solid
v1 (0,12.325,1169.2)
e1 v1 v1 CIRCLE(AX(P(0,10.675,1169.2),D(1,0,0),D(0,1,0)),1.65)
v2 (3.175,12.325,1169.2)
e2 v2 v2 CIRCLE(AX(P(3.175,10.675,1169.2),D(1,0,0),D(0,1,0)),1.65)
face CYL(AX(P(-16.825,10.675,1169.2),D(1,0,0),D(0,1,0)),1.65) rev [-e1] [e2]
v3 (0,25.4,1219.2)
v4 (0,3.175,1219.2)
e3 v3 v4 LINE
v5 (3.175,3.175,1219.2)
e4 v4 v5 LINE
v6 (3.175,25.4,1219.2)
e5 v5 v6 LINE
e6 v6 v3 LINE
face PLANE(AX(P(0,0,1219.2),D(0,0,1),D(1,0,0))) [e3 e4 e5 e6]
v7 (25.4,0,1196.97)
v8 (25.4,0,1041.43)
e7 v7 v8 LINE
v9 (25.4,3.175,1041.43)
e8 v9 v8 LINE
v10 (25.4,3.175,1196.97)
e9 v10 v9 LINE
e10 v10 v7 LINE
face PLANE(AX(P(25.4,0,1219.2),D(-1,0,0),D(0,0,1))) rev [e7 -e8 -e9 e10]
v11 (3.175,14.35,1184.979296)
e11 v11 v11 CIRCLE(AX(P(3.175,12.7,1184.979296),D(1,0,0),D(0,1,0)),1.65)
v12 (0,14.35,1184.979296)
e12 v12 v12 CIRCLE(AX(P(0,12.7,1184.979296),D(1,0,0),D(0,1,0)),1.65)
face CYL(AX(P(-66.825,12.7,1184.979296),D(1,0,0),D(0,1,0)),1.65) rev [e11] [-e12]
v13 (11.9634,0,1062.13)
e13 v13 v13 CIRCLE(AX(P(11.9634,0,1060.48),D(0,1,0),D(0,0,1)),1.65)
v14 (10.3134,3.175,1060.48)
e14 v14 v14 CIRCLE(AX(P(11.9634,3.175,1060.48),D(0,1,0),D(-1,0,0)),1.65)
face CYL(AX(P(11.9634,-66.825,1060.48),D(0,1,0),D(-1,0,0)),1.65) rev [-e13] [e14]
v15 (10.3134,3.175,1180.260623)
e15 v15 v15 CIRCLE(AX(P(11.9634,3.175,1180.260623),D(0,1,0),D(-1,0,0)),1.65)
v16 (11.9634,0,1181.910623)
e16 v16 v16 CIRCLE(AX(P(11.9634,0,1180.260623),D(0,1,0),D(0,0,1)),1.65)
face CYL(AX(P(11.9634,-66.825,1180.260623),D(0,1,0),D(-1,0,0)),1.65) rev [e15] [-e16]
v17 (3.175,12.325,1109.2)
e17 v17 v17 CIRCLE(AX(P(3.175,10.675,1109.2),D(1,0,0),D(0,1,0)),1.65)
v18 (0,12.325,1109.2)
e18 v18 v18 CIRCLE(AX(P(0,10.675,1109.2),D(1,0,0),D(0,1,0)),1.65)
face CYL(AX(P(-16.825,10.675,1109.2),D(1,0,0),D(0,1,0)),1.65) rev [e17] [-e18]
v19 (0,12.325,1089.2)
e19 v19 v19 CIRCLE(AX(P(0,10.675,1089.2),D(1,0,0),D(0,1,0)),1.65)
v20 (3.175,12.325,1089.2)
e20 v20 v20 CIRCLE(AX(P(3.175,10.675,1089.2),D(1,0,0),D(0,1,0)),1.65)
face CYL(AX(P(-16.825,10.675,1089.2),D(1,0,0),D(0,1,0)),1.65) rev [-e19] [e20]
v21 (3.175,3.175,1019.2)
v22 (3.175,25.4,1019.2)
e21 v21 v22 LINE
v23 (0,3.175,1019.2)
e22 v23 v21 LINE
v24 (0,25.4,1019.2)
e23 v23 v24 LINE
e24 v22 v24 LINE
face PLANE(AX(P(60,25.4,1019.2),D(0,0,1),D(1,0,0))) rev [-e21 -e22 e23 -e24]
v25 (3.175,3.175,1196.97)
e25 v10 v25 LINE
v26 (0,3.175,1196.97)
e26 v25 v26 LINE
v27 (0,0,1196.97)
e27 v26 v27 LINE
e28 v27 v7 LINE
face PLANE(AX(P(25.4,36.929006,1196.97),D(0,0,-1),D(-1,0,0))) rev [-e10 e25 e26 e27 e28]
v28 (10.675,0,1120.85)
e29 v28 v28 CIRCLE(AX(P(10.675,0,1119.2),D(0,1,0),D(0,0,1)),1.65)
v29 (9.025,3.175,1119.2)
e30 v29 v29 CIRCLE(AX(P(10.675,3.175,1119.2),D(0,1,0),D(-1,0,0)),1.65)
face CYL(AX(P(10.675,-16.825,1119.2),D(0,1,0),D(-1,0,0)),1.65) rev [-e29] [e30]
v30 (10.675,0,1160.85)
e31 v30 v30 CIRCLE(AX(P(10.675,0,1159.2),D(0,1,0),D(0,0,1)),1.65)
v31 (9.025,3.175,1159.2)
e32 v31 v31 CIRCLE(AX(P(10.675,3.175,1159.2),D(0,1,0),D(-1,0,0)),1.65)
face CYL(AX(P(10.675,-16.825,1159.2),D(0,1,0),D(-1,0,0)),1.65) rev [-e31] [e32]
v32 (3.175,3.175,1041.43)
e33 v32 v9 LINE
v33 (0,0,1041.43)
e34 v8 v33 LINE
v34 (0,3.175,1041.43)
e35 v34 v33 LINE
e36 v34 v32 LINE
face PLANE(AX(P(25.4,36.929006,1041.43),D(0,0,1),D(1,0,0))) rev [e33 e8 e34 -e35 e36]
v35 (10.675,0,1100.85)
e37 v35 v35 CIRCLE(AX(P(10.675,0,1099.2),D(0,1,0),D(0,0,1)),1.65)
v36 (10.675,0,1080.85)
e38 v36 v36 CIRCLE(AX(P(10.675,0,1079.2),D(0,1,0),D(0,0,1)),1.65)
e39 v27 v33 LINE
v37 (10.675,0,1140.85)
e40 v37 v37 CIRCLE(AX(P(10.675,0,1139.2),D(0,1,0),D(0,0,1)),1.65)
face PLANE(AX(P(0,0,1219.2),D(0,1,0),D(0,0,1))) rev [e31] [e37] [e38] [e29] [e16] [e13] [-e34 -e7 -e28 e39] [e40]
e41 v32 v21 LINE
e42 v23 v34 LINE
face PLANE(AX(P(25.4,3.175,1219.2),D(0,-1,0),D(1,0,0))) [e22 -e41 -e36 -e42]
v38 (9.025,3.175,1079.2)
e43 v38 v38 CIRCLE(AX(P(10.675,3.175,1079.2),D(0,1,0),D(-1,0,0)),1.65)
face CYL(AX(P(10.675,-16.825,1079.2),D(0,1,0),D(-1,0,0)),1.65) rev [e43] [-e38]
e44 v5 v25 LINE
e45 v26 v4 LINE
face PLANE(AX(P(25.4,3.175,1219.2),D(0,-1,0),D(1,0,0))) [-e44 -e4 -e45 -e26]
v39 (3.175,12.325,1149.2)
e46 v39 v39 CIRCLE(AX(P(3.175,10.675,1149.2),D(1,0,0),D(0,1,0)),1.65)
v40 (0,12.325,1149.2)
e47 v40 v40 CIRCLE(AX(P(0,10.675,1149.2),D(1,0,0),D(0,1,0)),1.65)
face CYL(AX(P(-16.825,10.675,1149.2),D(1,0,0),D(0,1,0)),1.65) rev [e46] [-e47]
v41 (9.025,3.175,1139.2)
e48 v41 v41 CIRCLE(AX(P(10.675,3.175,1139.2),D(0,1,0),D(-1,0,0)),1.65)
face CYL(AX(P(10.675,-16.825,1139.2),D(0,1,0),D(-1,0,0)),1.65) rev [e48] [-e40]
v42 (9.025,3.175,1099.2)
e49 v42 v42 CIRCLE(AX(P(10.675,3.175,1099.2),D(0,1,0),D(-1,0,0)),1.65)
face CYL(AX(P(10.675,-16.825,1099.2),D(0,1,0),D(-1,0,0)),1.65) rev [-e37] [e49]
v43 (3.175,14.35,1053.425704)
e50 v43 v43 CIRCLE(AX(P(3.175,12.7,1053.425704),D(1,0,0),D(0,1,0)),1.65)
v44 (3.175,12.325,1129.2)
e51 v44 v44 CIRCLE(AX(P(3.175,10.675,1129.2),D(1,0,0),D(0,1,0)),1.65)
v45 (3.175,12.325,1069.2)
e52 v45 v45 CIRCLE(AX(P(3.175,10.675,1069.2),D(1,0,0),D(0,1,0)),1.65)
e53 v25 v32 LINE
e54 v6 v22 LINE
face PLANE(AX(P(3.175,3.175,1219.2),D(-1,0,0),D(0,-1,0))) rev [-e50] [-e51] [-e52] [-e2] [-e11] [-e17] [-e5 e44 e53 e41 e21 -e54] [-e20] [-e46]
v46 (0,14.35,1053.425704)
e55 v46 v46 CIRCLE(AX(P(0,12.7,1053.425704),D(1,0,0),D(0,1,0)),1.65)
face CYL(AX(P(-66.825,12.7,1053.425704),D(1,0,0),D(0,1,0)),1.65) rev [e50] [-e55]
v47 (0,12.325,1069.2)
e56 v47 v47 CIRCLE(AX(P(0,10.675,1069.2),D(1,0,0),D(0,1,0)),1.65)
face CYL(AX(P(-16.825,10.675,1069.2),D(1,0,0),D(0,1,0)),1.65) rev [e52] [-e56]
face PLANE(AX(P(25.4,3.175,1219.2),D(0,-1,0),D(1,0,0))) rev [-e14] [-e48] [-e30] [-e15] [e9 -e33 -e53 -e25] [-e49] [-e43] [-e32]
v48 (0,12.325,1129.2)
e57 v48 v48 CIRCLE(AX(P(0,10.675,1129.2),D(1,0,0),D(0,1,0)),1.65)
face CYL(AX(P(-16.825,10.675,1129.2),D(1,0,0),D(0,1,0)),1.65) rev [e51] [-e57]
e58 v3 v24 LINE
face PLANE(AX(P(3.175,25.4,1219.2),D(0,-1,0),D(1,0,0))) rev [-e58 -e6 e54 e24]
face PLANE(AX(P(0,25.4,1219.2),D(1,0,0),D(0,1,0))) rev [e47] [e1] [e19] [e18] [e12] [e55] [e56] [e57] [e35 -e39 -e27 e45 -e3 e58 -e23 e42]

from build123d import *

# Parameters (mm, degrees)
BOSS_EXTRUDE1_DEPTH = 1219.2
FILLET1_R           = 0.4064
SKETCH4_W           = 2238.4
SKETCH4_H           = 103.278519729
CUT_EXTRUDE1_DEPTH  = 60
SKETCH5_W           = 25.4
SKETCH5_H           = 22.23
CUT_EXTRUDE2_DEPTH  = 3.175
SKETCH6_W           = 25.4
SKETCH6_H           = 22.23
CUT_EXTRUDE3_DEPTH  = 3.175
SKETCH7_W           = 1.26890891
SKETCH7_H           = 1.024965533
CUT_EXTRUDE4_DEPTH  = 220
SKETCH9_R           = 1.65
CUT_EXTRUDE5_DEPTH  = 20
SKETCH10_R          = 1.65
CUT_EXTRUDE6_DEPTH  = 20
SKETCH11_R          = 1.65
CUT_EXTRUDE7_DEPTH  = 70
SKETCH12_R          = 1.65
CUT_EXTRUDE8_DEPTH  = 70


with BuildPart() as part:
    # Sketch3 → Boss-Extrude1 (new, symmetric)
    with BuildSketch(Plane.XY):
        Polygon((3.175, 25.4), (0, 25.4), (0, 0), (25.4, 0), (25.4, 3.175), (3.175, 3.175), align=None)
    extrude(amount=BOSS_EXTRUDE1_DEPTH, both=True)

    # Fillet1
    fillet1_edges = [part.edges().sort_by_distance(p)[0] for p in [
        (3.175, 3.175, 0),
    ]]
    fillet(fillet1_edges, radius=FILLET1_R)

    # Sketch4 → Cut-Extrude1 (cut)
    with BuildSketch(Plane.ZY):
        with Locations((-100, -26.239259864)):
            Rectangle(SKETCH4_W, SKETCH4_H)
    extrude(amount=-CUT_EXTRUDE1_DEPTH, mode=Mode.SUBTRACT)

    # Sketch5 → Cut-Extrude2 (cut)
    with BuildSketch(Plane.XZ):
        with Locations((12.7, 1030.315)):
            Rectangle(SKETCH5_W, SKETCH5_H)
    extrude(amount=-CUT_EXTRUDE2_DEPTH, mode=Mode.SUBTRACT)

    # Sketch6 → Cut-Extrude3 (cut)
    with BuildSketch(Plane.XZ):
        with Locations((12.7, 1208.085)):
            Rectangle(SKETCH6_W, SKETCH6_H)
    extrude(amount=-CUT_EXTRUDE3_DEPTH, mode=Mode.SUBTRACT)

    # Sketch7 → Cut-Extrude4 (cut)
    with BuildSketch(Plane(origin=(0, 0, 1019.2), x_dir=(-1, 0, 0), z_dir=(0, 0, -1))):
        with Locations((-3.809454455, 3.687482767)):
            Rectangle(SKETCH7_W, SKETCH7_H)
    extrude(amount=-CUT_EXTRUDE4_DEPTH, mode=Mode.SUBTRACT)

    # Sketch9 → Cut-Extrude5 (cut)
    with BuildSketch(Plane(origin=(3.175, 0, 0), x_dir=(0, 0, -1), z_dir=(1, 0, 0))):
        with Locations(Location((-1169.2, 10.675, 0), (0, 0, 90))):
            Circle(SKETCH9_R)
        with Locations(Location((-1149.2, 10.675, 0), (0, 0, 90))):
            Circle(SKETCH9_R)
        with Locations(Location((-1129.2, 10.675, 0), (0, 0, 90))):
            Circle(SKETCH9_R)
        with Locations(Location((-1109.2, 10.675, 0), (0, 0, 90))):
            Circle(SKETCH9_R)
        with Locations(Location((-1089.2, 10.675, 0), (0, 0, 90))):
            Circle(SKETCH9_R)
        with Locations(Location((-1069.2, 10.675, 0), (0, 0, 90))):
            Circle(SKETCH9_R)
    extrude(amount=-CUT_EXTRUDE5_DEPTH, mode=Mode.SUBTRACT)

    # Sketch10 → Cut-Extrude6 (cut)
    with BuildSketch(Plane(origin=(0, 3.175, 0), x_dir=(1, 0, 0), z_dir=(0, 1, 0))):
        with Locations(Location((10.675, -1079.2, 0), (0, 0, 180))):
            Circle(SKETCH10_R)
        with Locations(Location((10.675, -1099.2, 0), (0, 0, 180))):
            Circle(SKETCH10_R)
        with Locations(Location((10.675, -1119.2, 0), (0, 0, 180))):
            Circle(SKETCH10_R)
        with Locations(Location((10.675, -1139.2, 0), (0, 0, 180))):
            Circle(SKETCH10_R)
        with Locations(Location((10.675, -1159.2, 0), (0, 0, 180))):
            Circle(SKETCH10_R)
    extrude(amount=-CUT_EXTRUDE6_DEPTH, mode=Mode.SUBTRACT)

    # Sketch11 → Cut-Extrude7 (cut)
    with BuildSketch(Plane(origin=(3.175, 0, 0), x_dir=(0, 0, -1), z_dir=(1, 0, 0))):
        with Locations(Location((-1053.425704333, 12.7, 0), (0, 0, 90))):
            Circle(SKETCH11_R)
        with Locations(Location((-1184.979295667, 12.7, 0), (0, 0, 90))):
            Circle(SKETCH11_R)
    extrude(amount=-CUT_EXTRUDE7_DEPTH, mode=Mode.SUBTRACT)

    # Sketch12 → Cut-Extrude8 (cut)
    with BuildSketch(Plane(origin=(0, 3.175, 0), x_dir=(1, 0, 0), z_dir=(0, 1, 0))):
        with Locations(Location((11.9634, -1180.260622857, 0), (0, 0, 180))):
            Circle(SKETCH12_R)
        with Locations(Location((11.9634, -1060.48, 0), (0, 0, 180))):
            Circle(SKETCH12_R)
    extrude(amount=-CUT_EXTRUDE8_DEPTH, mode=Mode.SUBTRACT)


solid = part.part
